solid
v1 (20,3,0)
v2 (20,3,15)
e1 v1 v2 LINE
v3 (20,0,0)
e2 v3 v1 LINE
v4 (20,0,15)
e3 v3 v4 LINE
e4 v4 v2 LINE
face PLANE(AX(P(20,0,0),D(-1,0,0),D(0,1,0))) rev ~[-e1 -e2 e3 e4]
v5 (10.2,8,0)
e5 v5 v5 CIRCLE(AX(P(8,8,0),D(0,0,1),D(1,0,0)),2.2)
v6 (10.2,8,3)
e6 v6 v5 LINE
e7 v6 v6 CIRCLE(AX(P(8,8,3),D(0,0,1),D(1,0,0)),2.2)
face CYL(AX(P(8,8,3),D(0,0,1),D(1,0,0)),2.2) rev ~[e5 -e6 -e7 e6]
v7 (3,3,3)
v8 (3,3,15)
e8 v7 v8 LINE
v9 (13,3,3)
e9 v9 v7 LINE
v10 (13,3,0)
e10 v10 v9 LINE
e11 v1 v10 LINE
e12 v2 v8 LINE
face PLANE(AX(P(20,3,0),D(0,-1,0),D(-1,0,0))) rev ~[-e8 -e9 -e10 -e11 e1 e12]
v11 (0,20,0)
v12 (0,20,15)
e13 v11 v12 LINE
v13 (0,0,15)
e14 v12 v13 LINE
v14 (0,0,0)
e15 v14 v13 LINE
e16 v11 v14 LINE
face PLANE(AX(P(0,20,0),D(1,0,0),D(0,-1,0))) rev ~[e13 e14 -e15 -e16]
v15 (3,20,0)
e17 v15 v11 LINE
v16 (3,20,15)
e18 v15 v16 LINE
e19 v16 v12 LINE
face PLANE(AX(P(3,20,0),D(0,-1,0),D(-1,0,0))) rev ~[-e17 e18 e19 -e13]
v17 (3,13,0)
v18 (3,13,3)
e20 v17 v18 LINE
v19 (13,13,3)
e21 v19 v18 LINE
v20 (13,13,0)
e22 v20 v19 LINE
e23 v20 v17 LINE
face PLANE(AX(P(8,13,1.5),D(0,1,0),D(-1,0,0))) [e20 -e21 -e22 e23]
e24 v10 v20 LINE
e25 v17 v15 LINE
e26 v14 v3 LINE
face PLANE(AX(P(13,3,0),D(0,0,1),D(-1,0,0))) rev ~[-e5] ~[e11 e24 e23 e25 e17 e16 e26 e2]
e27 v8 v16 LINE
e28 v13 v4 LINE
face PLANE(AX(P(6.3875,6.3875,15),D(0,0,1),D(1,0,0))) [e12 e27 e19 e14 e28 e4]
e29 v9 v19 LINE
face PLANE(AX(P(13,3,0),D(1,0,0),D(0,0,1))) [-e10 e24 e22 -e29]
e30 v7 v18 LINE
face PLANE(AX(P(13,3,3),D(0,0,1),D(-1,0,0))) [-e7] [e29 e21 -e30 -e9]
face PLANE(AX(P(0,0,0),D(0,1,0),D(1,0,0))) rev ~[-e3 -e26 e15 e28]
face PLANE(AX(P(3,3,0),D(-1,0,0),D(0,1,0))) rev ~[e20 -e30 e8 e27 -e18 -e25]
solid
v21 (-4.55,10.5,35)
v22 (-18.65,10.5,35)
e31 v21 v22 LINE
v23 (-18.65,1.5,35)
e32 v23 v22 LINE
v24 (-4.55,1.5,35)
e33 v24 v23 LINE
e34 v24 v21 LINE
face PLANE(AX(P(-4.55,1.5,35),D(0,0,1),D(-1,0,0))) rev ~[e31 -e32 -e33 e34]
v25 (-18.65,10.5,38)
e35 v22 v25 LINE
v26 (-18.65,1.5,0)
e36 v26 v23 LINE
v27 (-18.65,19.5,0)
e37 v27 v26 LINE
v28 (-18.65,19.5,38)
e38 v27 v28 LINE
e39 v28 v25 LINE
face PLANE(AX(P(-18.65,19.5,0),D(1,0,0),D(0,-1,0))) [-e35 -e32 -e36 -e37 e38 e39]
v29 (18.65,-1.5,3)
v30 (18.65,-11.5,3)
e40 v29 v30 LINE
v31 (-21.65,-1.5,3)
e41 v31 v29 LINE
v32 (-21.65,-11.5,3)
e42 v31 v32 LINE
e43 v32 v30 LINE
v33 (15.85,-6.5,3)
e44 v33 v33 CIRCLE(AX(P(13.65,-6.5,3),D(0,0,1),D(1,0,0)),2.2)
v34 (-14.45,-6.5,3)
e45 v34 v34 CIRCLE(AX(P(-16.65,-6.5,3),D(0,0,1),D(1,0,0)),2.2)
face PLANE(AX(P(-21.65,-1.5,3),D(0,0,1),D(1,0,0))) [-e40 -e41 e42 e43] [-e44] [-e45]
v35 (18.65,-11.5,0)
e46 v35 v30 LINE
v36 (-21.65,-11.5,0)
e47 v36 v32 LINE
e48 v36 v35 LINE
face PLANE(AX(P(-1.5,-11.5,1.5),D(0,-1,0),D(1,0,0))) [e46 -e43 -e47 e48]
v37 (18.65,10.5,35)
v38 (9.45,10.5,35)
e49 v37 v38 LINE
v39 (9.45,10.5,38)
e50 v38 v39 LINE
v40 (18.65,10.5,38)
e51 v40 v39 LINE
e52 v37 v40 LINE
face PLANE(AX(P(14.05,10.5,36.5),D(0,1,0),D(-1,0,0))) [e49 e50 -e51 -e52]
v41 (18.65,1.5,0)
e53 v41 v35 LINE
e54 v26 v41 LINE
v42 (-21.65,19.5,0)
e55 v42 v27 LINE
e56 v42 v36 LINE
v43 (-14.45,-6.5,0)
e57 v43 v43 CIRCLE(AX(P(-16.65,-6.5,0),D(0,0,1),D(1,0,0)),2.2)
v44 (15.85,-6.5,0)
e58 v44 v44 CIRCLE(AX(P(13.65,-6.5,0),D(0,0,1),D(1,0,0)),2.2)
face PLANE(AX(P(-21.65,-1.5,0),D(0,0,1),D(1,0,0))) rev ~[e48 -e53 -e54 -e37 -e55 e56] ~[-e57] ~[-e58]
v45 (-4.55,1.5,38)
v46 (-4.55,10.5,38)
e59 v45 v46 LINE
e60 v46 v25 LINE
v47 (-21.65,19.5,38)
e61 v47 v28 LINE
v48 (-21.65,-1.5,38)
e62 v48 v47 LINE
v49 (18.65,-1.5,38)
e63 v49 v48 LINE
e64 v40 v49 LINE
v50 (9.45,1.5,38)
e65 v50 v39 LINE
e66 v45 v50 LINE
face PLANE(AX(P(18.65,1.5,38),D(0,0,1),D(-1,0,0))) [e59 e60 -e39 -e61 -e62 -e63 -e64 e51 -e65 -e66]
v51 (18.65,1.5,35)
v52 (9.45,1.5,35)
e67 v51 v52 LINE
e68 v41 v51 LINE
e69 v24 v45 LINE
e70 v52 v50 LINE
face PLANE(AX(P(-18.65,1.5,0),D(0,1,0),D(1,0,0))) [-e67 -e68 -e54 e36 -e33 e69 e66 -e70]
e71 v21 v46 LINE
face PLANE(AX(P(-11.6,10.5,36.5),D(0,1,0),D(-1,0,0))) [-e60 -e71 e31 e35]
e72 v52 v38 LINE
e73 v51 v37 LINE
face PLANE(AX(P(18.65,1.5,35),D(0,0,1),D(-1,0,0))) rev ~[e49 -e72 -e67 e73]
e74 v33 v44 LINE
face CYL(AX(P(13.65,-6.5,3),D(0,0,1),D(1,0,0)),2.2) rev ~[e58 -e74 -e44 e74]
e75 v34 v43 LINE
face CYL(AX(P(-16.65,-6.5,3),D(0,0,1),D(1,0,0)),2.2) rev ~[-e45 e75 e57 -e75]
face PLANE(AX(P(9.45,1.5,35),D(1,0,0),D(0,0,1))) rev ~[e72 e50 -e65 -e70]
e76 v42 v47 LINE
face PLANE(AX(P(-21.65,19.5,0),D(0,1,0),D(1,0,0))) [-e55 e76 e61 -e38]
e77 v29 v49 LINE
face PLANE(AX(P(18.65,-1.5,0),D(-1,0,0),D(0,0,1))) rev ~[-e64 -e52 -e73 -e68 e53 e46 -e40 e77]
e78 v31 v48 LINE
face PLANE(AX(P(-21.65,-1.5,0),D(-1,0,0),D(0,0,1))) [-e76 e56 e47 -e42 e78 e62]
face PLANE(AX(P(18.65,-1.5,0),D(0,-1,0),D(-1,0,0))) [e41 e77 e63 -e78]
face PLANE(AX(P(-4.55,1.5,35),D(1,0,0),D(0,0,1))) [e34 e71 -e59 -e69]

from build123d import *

# Parameters (mm, degrees)
PAD_DEPTH     = 38
SKETCH001_W   = 9.2
SKETCH001_H   = 3
SKETCH001_W_2 = 14.1
PAD001_DEPTH  = 9
SKETCH002_W   = 40.3
SKETCH002_H   = 3
PAD002_DEPTH  = 10
SKETCH003_R   = 2.2
HOLE_DEPTH    = 3.001
PAD003_DEPTH  = 15
SKETCH005_W   = 10
SKETCH005_H   = 3
PAD004_DEPTH  = 10
SKETCH006_R   = 2.2
HOLE001_DEPTH = 25


with BuildPart() as mount1:
    # Sketch → Pad (new body)
    with BuildSketch(Plane.XY):
        Polygon((-18.65, 1.5), (18.65, 1.5), (18.65, -1.5), (-21.65, -1.5), (-21.65, 19.5), (-18.65, 19.5), align=None)
    extrude(amount=PAD_DEPTH)

    # Sketch001 (on Face1 of Pad) → Pad001 (join)
    with BuildSketch(Plane(origin=(0, 1.5, 0), x_dir=(-1, 0, 0), z_dir=(0, 1, 0))):
        with Locations((-14.05, 36.5)):
            Rectangle(SKETCH001_W, SKETCH001_H)
        with Locations((11.6, 36.5)):
            Rectangle(SKETCH001_W_2, SKETCH001_H)
    extrude(amount=PAD001_DEPTH)

    # Sketch002 (on Face10 of Pad001) → Pad002 (join)
    with BuildSketch(Plane.XZ.offset(1.5)):
        with Locations((-1.5, 1.5)):
            Rectangle(SKETCH002_W, SKETCH002_H)
    extrude(amount=PAD002_DEPTH)

    # Sketch003 (on Face22 of Pad002) → Hole (cut, through all)
    with BuildSketch(Plane.XY.offset(3)):
        with Locations((-16.65, -6.5)):
            Circle(SKETCH003_R)
        with Locations((13.65, -6.5)):
            Circle(SKETCH003_R)
    extrude(amount=-HOLE_DEPTH, mode=Mode.SUBTRACT)


with BuildPart() as mount2:
    # Sketch004 → Pad003 (new body)
    with BuildSketch(Plane.XY):
        Polygon((0, 20), (0, 0), (20, 0), (20, 3), (3, 3), (3, 20), align=None)
    extrude(amount=PAD003_DEPTH)

    # Sketch005 (on Face4 of Pad003) → Pad004 (join)
    with BuildSketch(Plane(origin=(0, 3, 0), x_dir=(-1, 0, 0), z_dir=(0, 1, 0))):
        with Locations((-8, 1.5)):
            Rectangle(SKETCH005_W, SKETCH005_H)
    extrude(amount=PAD004_DEPTH)

    # Sketch006 (on Face10 of Pad004) → Hole001 (cut)
    with BuildSketch(Plane.XY.offset(3)):
        with Locations((8, 8)):
            Circle(SKETCH006_R)
    extrude(amount=-HOLE001_DEPTH, mode=Mode.SUBTRACT)


solid = Compound([mount1.part, mount2.part])
